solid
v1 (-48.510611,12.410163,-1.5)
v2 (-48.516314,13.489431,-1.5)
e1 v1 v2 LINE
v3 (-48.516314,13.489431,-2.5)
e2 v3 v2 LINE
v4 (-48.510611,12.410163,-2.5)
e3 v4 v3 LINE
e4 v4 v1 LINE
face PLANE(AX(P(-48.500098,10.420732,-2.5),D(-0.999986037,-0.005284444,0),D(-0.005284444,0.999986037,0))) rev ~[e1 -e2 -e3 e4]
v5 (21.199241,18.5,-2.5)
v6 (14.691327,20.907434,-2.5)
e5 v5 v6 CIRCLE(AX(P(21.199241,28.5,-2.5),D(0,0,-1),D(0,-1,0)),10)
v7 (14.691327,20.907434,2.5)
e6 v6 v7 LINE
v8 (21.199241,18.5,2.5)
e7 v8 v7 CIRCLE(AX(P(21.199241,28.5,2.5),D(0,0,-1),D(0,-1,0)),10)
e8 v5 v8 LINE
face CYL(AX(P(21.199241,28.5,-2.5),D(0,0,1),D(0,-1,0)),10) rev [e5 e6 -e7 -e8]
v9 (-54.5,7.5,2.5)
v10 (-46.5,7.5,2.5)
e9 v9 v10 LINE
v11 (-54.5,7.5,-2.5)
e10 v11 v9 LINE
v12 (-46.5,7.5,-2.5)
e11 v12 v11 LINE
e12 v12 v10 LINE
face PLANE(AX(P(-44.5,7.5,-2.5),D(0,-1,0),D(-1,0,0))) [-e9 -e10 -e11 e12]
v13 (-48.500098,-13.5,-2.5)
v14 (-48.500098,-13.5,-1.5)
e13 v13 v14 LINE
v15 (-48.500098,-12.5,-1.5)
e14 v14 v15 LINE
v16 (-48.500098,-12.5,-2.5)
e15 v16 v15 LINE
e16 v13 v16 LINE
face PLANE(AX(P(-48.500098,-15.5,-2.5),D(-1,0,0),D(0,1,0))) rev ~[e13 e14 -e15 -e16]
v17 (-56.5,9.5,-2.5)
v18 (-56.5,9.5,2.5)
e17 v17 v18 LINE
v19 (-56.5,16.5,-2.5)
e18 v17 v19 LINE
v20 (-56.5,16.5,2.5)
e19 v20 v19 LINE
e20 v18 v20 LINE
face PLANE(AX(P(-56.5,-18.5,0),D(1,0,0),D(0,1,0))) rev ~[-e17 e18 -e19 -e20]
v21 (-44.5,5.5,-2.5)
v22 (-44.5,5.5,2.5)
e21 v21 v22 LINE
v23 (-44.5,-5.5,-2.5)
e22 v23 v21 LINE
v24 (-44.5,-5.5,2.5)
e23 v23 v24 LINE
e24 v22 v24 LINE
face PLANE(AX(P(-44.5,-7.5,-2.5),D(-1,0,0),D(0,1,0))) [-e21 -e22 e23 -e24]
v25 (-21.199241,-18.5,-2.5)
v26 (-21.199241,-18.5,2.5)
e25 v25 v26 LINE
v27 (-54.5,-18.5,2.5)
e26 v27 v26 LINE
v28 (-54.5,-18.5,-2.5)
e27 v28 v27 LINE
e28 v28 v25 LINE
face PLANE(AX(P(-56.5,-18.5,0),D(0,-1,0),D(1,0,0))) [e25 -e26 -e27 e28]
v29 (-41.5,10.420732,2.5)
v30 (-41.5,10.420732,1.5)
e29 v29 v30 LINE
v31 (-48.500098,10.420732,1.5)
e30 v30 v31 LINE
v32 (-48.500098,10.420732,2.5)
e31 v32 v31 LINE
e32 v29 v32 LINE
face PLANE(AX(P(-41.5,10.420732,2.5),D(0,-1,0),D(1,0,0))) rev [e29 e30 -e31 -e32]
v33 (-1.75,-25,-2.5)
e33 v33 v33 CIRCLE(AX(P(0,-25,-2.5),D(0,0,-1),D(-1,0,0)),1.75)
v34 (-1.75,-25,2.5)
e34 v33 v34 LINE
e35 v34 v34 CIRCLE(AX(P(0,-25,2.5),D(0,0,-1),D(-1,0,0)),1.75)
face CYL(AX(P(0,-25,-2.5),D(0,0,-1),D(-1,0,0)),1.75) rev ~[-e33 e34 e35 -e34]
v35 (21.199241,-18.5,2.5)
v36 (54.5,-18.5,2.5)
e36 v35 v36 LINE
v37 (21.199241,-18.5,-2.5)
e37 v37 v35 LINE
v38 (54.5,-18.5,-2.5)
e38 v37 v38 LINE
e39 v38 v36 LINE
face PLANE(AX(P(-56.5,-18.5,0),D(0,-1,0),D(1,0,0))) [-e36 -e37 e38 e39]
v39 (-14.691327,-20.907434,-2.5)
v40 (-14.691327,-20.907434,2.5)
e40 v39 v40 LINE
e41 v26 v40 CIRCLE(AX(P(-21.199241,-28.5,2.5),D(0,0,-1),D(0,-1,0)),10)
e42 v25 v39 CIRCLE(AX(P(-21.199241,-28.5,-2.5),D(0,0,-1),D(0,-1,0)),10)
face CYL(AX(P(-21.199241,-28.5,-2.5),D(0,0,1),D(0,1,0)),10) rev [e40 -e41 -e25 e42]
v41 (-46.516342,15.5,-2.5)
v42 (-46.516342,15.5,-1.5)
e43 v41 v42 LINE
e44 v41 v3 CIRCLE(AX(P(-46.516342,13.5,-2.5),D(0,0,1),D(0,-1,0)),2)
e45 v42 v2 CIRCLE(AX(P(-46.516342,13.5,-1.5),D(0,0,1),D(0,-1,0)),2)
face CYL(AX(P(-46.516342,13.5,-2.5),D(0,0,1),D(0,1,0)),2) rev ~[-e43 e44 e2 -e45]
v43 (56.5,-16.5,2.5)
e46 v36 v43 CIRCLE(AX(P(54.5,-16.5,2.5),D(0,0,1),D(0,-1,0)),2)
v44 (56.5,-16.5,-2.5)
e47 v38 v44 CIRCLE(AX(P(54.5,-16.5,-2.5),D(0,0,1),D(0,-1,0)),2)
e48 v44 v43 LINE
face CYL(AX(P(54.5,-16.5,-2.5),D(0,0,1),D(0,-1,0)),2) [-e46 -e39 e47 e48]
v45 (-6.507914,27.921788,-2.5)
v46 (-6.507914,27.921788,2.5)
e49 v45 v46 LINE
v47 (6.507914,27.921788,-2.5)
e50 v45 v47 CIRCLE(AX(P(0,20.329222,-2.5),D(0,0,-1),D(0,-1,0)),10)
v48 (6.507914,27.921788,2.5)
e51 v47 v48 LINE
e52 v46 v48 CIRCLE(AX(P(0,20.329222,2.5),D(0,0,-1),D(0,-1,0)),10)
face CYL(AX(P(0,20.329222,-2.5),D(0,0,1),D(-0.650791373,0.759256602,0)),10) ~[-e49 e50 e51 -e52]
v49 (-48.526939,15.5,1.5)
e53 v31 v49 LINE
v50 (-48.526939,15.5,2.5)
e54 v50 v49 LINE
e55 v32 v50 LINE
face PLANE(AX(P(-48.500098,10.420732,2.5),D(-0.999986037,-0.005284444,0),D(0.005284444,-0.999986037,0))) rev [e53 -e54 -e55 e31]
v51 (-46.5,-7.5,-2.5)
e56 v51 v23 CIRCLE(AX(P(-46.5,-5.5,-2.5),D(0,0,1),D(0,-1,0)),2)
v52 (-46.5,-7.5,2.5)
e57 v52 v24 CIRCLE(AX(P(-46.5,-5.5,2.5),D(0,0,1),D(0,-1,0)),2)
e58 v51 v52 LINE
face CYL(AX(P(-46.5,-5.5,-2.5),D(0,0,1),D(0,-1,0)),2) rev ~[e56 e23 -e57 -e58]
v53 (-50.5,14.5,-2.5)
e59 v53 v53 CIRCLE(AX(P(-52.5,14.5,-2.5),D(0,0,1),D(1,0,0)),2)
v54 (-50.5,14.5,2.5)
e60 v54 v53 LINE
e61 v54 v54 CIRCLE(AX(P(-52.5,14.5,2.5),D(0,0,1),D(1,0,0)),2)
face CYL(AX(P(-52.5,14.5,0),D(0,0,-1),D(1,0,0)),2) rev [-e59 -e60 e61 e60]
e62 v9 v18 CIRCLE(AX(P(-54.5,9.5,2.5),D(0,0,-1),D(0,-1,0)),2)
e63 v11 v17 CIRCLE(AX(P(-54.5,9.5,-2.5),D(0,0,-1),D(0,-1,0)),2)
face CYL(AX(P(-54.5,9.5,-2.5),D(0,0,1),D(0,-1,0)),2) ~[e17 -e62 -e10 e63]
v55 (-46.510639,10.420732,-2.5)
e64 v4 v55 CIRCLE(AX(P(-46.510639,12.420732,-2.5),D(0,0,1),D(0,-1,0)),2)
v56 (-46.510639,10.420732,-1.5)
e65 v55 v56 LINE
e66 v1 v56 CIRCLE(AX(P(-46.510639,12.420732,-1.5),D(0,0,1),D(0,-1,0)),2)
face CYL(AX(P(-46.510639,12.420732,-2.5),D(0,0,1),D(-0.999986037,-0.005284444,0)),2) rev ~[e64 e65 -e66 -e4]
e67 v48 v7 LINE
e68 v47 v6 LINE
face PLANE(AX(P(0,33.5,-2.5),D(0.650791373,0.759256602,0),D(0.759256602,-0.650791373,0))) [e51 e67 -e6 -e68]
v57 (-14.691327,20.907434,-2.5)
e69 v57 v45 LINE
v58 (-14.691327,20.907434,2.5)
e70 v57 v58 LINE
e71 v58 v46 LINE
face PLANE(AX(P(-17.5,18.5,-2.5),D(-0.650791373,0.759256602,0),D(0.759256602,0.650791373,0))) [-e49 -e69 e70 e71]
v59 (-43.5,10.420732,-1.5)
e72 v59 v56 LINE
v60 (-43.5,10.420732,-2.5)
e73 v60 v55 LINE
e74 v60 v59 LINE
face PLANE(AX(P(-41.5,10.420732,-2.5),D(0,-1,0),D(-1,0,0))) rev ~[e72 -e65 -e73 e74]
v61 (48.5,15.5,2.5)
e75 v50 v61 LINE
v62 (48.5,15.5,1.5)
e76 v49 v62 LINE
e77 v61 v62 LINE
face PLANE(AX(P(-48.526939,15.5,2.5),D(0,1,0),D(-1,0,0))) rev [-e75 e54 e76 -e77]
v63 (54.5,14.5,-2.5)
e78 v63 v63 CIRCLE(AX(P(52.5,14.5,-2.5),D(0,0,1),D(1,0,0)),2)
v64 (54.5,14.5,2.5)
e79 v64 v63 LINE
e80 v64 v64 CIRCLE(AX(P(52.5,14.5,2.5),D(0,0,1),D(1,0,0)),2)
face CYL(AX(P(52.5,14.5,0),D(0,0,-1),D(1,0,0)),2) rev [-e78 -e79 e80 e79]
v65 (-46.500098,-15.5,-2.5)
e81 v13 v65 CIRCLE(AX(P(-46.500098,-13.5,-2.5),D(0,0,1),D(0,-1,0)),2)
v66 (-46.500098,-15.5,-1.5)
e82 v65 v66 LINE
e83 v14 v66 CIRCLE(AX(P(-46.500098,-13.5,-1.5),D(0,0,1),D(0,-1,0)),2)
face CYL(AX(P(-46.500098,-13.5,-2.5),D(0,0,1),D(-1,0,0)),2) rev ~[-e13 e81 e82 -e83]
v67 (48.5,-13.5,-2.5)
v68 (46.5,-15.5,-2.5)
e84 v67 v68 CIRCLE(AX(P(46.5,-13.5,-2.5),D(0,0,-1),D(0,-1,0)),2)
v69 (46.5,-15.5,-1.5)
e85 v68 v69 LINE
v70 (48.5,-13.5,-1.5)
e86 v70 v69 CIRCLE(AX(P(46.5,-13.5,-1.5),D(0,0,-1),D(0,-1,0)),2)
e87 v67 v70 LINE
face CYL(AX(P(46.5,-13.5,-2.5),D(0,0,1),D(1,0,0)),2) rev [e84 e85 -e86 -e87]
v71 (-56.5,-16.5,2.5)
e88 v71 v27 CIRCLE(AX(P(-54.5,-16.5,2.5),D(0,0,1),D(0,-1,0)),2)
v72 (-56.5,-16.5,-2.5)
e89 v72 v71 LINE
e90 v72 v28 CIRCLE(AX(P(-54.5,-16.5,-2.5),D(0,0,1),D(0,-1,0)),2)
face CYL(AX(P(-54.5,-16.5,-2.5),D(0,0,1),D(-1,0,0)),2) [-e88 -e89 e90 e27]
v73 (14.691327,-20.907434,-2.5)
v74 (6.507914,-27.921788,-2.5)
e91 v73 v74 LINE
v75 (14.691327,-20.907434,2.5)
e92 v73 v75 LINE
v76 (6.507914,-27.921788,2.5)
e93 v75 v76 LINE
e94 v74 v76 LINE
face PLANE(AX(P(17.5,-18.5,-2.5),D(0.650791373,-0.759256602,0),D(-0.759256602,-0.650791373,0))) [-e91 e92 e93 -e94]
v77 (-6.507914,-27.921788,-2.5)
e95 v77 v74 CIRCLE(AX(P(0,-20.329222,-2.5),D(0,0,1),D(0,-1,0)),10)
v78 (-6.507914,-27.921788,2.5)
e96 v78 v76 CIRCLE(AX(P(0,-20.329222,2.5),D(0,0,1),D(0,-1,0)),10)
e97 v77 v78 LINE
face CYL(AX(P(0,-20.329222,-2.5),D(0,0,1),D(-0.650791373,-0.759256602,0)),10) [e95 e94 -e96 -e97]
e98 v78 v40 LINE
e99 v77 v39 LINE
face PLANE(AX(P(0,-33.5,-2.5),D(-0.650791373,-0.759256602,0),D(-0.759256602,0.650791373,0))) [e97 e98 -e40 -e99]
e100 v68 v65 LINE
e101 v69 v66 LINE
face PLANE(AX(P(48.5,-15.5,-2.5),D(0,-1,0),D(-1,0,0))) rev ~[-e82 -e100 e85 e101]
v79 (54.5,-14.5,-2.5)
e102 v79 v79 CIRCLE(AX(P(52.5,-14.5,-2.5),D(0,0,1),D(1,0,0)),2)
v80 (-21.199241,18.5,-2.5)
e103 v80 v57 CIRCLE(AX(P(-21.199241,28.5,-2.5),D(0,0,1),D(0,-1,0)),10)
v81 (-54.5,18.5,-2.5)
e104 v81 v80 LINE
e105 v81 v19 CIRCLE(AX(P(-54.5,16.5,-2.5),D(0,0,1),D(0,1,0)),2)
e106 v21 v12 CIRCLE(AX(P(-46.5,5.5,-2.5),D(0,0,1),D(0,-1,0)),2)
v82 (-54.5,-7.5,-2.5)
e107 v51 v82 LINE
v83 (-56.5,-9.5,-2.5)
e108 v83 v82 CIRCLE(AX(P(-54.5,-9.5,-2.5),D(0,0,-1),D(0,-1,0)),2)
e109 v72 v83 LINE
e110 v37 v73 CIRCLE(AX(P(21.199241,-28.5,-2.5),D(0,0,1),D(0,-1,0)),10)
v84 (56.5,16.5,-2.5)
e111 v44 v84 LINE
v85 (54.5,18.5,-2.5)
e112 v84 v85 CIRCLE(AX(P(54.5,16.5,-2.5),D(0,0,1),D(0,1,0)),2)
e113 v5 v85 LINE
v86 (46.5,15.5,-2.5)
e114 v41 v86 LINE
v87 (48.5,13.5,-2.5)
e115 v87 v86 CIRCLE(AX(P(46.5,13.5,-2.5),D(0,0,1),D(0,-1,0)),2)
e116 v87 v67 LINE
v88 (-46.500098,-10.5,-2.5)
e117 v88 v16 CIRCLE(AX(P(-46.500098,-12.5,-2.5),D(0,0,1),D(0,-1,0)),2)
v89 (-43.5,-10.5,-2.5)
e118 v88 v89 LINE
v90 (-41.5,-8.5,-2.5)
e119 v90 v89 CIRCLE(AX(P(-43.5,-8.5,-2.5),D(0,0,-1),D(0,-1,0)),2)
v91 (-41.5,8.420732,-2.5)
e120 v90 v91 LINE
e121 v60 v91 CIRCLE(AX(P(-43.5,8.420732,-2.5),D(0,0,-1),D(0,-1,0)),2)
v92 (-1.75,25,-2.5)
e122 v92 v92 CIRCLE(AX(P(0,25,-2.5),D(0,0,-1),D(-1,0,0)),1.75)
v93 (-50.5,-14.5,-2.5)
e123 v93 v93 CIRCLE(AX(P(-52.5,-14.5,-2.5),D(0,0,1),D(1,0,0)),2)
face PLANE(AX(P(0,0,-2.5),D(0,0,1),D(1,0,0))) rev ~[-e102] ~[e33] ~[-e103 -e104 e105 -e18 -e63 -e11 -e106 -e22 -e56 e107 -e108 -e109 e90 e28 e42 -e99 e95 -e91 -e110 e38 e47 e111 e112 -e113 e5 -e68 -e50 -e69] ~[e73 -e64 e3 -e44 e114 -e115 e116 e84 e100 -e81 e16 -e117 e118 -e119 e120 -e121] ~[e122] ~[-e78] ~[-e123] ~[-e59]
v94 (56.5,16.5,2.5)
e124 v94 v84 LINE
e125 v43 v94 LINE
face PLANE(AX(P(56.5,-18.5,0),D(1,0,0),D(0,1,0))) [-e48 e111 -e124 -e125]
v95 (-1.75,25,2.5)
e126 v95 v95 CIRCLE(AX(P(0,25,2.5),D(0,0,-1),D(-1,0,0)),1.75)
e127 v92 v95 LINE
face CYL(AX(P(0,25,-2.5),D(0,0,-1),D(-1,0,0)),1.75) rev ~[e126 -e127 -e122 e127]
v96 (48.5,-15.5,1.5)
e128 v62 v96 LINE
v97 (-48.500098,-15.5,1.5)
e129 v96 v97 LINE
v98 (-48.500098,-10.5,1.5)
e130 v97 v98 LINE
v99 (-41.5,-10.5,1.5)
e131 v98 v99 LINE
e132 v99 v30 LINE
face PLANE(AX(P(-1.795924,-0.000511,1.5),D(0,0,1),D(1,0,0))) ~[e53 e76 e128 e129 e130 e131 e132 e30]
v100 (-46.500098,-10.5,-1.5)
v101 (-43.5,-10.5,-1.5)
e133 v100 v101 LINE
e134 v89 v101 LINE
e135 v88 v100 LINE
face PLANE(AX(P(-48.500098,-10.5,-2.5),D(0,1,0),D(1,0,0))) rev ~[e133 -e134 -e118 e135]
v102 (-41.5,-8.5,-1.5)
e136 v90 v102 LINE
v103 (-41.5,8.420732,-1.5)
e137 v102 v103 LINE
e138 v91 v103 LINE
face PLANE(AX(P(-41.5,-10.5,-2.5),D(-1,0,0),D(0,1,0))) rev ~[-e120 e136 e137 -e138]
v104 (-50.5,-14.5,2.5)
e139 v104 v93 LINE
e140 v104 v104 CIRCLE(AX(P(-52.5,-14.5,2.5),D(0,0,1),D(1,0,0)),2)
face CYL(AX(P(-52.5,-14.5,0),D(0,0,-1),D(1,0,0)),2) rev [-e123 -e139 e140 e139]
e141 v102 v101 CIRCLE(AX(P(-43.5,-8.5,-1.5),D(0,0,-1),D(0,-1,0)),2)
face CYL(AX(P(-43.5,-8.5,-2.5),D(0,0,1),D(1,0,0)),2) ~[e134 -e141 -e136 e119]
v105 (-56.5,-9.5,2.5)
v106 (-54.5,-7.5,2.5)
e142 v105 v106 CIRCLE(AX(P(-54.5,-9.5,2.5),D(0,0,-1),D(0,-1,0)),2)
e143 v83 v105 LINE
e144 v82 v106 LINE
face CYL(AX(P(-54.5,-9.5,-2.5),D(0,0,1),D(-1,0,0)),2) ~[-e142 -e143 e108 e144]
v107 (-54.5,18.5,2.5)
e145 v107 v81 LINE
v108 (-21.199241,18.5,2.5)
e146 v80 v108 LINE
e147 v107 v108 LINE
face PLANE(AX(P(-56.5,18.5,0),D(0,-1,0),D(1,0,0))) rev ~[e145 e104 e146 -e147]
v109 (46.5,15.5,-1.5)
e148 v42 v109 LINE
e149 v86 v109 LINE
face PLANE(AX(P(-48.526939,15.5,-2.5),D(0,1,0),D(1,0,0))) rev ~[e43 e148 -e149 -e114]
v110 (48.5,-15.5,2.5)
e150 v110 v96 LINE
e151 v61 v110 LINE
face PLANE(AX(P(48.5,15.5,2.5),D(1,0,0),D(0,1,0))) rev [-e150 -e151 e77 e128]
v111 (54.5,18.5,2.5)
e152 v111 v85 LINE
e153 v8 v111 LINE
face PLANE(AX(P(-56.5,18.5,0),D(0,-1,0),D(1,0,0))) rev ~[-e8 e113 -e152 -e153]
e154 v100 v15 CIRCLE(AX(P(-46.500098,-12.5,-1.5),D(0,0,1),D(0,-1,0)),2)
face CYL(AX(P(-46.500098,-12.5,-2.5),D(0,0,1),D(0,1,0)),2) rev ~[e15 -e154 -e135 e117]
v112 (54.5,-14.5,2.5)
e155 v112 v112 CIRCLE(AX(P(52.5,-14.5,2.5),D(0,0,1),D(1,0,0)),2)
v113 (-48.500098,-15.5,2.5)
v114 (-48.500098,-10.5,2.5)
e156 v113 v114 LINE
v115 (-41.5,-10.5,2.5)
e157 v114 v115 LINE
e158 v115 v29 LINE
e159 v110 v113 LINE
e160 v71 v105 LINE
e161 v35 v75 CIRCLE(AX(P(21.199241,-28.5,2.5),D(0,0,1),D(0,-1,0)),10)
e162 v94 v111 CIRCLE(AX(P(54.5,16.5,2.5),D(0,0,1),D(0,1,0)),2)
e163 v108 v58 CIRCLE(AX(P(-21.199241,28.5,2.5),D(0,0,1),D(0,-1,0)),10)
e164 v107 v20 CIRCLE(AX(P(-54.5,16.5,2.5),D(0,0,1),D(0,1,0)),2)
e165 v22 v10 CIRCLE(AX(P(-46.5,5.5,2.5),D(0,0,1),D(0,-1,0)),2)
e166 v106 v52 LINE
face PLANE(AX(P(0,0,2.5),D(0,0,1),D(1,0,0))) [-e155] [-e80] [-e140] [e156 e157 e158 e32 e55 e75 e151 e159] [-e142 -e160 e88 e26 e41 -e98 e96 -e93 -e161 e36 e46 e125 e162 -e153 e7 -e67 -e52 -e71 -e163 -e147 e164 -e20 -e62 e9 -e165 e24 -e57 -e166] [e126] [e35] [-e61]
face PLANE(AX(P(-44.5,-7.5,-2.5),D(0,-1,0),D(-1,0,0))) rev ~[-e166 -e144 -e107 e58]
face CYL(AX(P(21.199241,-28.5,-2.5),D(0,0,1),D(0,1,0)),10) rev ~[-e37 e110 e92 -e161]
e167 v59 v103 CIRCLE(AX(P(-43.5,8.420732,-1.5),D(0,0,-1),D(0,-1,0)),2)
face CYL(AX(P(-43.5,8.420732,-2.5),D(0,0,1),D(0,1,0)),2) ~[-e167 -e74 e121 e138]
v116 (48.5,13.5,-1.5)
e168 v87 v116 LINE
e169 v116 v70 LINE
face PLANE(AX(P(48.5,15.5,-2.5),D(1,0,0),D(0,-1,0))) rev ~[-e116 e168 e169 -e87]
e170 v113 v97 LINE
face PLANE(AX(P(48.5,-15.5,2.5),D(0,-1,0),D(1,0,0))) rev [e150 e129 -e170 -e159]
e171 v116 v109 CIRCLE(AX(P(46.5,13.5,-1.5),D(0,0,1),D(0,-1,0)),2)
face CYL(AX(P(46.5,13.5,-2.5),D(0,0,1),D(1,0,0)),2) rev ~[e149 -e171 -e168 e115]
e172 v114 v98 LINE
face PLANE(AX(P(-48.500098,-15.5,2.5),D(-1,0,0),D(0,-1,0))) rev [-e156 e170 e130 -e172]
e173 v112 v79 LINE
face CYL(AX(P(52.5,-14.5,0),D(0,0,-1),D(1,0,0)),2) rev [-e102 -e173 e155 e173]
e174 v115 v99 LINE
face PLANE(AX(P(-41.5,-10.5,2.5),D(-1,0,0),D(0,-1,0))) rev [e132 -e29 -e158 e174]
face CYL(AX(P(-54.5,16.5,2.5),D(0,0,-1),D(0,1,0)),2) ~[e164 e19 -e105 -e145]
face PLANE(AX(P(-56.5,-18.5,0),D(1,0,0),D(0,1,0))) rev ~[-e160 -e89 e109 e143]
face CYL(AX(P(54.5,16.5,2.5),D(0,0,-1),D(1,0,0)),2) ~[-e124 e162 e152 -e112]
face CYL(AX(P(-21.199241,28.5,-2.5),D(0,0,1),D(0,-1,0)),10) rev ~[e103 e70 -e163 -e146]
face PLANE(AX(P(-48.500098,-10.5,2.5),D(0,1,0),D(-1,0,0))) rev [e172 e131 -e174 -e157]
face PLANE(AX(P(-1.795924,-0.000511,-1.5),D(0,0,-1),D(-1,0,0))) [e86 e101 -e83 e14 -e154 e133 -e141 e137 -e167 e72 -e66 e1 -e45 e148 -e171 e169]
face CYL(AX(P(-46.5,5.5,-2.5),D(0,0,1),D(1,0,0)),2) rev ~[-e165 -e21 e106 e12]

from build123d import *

# Parameters (mm, degrees)
SKETCH_1_W          = 113
SKETCH_1_H          = 37
SKETCH_1_R          = 2
EXTRUDE_1_DEPTH     = 2.5
SKETCH_2_W          = 12
SKETCH_2_H          = 15
CUT_EXTRUDE_1_DEPTH = 6
CUT_EXTRUDE_2_DEPTH = 1
FILLET_1_R          = 2
FILLET_2_R          = 2
EXTRUDE_2_DEPTH     = 5
FILLET_3_R          = 10
SKETCH_5_R          = 1.75
CUT_EXTRUDE_3_DEPTH = 6


with BuildPart() as part:
    # 草图1 → 凸台-拉伸1 (new body, symmetric)
    with BuildSketch(Plane.XY):
        Rectangle(SKETCH_1_W, SKETCH_1_H)
        with Locations((52.5, 14.5)):
            Circle(SKETCH_1_R, mode=Mode.SUBTRACT)
        with Locations((52.5, -14.5)):
            Circle(SKETCH_1_R, mode=Mode.SUBTRACT)
        with Locations((-52.5, -14.5)):
            Circle(SKETCH_1_R, mode=Mode.SUBTRACT)
        with Locations((-52.5, 14.5)):
            Circle(SKETCH_1_R, mode=Mode.SUBTRACT)
    extrude(amount=EXTRUDE_1_DEPTH, both=True)

    # 草图2 → 切除-拉伸1 (cut, through all)
    with BuildSketch(Plane(origin=(0, 0, -2.5), x_dir=(-1, 0, 0), z_dir=(0, 0, -1))):
        with Locations((50.5, 0)):
            Rectangle(SKETCH_2_W, SKETCH_2_H)
    extrude(amount=-CUT_EXTRUDE_1_DEPTH, mode=Mode.SUBTRACT)

    # 草图3 → 切除-拉伸2 (cut)
    with BuildSketch(Plane(origin=(0, 0, -2.5), x_dir=(-1, 0, 0), z_dir=(0, 0, -1))):
        Polygon((-48.5, -15.5), (48.500097741, -15.5), (48.500097741, -10.5), (41.5, -10.5), (41.5, 10.420732232), (48.500097741, 10.420732232), (48.526939222, 15.5), (-48.5, 15.5), align=None)
    cut_extrude_2 = extrude(amount=-CUT_EXTRUDE_2_DEPTH, mode=Mode.SUBTRACT)

    # 圆角1
    fillet_1_edges = [part.edges().sort_by_distance(p)[0] for p in [
        (48.5, -15.5, -2),
        (48.5, 15.5, -2),
        (-48.526939222, 15.5, -2),
        (-48.500097741, 10.420732232, -2),
        (-41.5, 10.420732232, -2),
        (-41.5, -10.5, -2),
        (-48.500097741, -10.5, -2),
        (-48.500097741, -15.5, -2),
    ]]
    fillet(fillet_1_edges, radius=FILLET_1_R)

    # 圆角2
    fillet_2_edges = [part.edges().sort_by_distance(p)[0] for p in [
        (-56.5, 7.5, 0),
        (-56.5, -7.5, 0),
        (-44.5, -7.5, 0),
        (-44.5, 7.5, 0),
        (-56.5, 18.5, 0),
        (56.5, 18.5, 0),
        (56.5, -18.5, 0),
        (-56.5, -18.5, 0),
    ]]
    fillet(fillet_2_edges, radius=FILLET_2_R)

    # 草图4 → 凸台-拉伸2 (add)
    with BuildSketch(Plane(origin=(0, 0, -2.5), x_dir=(-1, 0, 0), z_dir=(0, 0, -1))):
        Polygon((17.5, 18.5), (0, 33.5), (-17.5, 18.5), align=None)
        Polygon((17.5, -18.5), (-17.5, -18.5), (0, -33.5), align=None)
    extrude(amount=-EXTRUDE_2_DEPTH)

    # 圆角3
    fillet_3_edges = [part.edges().sort_by_distance(p)[0] for p in [
        (-17.5, 18.5, 0),
        (17.5, 18.5, 0),
        (0, 33.5, 0),
        (0, -33.5, 0),
        (17.5, -18.5, 0),
        (-17.5, -18.5, 0),
    ]]
    fillet(fillet_3_edges, radius=FILLET_3_R)

    # 草图5 → 切除-拉伸3 (cut, through all)
    with BuildSketch(Plane(origin=(0, 0, -2.5), x_dir=(-1, 0, 0), z_dir=(0, 0, -1))):
        with Locations((0, -25)):
            Circle(SKETCH_5_R)
        with Locations((0, 25)):
            Circle(SKETCH_5_R)
    extrude(amount=-CUT_EXTRUDE_3_DEPTH, mode=Mode.SUBTRACT)

    # 镜向1: 切除-拉伸2 across plane
    add(cut_extrude_2.mirror(Plane.XY), mode=Mode.SUBTRACT)


solid = part.part
